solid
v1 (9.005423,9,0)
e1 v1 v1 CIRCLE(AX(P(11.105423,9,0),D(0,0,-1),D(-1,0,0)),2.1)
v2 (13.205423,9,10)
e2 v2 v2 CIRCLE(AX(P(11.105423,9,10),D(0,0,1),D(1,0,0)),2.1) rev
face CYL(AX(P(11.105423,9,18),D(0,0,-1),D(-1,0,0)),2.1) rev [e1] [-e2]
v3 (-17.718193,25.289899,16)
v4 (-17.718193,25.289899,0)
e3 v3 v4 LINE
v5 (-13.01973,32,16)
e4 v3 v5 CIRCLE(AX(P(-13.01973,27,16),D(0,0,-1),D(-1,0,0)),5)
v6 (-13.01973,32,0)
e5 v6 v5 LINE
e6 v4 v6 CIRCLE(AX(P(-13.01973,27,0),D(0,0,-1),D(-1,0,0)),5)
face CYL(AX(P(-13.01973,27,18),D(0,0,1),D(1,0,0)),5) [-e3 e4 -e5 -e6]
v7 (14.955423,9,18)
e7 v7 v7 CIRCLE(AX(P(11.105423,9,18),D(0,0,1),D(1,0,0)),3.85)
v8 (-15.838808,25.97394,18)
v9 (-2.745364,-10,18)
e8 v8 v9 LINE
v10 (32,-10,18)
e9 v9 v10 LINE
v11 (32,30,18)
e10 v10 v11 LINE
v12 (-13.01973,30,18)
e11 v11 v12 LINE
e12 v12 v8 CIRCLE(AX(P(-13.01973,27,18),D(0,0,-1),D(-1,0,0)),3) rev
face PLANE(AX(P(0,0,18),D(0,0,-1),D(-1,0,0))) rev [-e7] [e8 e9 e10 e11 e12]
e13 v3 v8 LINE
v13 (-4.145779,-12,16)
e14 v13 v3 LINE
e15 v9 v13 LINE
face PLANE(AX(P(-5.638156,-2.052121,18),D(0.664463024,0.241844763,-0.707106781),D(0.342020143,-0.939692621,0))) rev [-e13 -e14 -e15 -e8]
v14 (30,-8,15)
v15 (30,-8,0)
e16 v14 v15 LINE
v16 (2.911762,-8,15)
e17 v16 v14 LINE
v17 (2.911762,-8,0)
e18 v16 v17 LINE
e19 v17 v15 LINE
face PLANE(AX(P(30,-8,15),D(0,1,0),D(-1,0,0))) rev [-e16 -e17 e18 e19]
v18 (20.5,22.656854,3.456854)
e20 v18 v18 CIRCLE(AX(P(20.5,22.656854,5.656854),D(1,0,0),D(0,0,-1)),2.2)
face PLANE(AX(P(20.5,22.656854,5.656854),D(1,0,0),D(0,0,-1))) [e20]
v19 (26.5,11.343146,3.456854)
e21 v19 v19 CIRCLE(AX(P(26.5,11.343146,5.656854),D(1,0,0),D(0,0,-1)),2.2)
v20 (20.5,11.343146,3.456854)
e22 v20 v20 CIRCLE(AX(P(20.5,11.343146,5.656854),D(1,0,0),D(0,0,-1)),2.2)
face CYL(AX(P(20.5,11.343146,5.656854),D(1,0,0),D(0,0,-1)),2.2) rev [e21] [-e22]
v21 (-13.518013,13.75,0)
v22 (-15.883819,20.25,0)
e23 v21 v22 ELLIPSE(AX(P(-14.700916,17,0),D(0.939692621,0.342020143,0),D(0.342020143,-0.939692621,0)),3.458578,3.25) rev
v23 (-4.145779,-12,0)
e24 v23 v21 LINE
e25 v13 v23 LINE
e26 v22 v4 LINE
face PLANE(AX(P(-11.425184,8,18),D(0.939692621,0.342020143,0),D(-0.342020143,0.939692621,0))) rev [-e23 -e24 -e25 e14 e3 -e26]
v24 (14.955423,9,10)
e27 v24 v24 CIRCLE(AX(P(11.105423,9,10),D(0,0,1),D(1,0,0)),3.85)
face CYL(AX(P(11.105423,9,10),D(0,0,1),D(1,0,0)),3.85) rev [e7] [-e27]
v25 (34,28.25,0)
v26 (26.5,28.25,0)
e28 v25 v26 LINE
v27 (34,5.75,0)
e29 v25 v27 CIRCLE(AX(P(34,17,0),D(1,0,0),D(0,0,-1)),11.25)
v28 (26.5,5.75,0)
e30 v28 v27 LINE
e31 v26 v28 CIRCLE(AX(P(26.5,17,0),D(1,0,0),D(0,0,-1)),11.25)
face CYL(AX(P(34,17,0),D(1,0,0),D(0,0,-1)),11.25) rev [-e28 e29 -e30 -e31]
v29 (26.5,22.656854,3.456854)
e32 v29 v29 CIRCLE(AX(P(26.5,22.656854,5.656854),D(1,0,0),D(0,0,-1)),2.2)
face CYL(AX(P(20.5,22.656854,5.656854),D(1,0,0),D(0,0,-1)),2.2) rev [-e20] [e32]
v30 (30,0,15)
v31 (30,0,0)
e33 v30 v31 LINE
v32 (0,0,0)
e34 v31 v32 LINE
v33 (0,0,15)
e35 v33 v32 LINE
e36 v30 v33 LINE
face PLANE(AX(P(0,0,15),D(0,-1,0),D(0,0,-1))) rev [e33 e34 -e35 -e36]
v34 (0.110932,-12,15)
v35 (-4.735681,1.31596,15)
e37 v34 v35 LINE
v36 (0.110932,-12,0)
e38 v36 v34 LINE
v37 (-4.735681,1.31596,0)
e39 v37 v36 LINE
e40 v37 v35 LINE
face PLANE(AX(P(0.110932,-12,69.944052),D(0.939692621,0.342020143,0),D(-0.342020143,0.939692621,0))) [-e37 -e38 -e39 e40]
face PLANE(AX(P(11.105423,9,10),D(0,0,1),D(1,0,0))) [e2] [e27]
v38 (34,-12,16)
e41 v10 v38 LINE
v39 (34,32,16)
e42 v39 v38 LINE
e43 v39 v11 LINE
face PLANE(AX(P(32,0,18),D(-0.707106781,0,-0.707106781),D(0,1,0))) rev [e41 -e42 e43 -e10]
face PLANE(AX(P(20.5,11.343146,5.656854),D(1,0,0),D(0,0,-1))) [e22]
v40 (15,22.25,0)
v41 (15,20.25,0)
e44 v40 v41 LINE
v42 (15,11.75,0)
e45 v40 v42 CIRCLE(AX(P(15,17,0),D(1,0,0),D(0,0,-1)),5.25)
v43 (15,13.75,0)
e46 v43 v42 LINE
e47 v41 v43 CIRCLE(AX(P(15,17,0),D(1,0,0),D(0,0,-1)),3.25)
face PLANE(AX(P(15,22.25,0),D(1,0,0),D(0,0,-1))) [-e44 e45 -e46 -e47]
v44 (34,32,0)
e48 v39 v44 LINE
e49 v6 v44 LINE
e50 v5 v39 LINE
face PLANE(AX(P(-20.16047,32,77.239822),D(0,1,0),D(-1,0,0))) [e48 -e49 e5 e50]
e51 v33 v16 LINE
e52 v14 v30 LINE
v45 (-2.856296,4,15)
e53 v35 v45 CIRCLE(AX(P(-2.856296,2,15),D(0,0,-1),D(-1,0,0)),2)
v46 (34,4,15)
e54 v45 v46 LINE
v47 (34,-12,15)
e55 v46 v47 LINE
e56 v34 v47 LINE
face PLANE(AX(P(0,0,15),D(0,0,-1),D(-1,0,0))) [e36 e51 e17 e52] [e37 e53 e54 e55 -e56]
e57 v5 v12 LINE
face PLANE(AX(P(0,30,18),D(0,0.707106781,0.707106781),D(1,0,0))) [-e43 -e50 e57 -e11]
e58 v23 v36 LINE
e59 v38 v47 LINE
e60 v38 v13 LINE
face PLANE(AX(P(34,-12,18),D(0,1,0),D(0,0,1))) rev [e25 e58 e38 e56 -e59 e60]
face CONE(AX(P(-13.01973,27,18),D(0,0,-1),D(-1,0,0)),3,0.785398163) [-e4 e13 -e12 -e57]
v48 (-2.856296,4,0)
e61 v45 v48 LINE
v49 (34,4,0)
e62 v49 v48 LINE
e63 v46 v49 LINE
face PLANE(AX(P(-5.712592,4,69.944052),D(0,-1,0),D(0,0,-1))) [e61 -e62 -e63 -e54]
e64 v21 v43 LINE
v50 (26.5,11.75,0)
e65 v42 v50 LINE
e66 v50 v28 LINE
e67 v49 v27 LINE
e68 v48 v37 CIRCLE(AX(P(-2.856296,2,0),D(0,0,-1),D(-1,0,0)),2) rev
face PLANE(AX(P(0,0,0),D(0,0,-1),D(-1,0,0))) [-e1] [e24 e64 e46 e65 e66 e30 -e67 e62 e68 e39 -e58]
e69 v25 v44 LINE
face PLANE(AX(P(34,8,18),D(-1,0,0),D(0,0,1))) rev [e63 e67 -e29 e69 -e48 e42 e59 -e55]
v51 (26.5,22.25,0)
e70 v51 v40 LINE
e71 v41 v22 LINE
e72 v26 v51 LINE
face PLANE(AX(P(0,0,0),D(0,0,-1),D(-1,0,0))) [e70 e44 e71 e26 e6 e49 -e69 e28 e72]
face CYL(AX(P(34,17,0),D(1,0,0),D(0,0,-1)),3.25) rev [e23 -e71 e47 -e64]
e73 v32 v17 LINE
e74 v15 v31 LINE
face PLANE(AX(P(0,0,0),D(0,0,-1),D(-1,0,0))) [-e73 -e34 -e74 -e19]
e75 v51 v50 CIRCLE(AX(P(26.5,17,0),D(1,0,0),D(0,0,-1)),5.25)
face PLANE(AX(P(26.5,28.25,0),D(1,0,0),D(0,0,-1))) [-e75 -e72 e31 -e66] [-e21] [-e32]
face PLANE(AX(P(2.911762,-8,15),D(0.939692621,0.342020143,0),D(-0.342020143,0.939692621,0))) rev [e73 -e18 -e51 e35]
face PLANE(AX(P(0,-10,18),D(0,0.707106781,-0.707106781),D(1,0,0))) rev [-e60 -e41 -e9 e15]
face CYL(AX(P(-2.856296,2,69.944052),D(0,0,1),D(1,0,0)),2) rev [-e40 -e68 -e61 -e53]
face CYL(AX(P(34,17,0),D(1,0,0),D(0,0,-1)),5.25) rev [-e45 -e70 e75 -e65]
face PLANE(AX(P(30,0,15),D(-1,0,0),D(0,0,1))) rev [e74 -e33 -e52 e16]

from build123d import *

# Parameters (mm, degrees)
BOSS_EXTRUDE1_DEPTH     = 15
BOSS_EXTRUDE2_DEPTH     = 3
BOSS_EXTRUDE3_DEPTH     = 15
CUT_EXTRUDE1_DEPTH      = 45.988887517
FILLET2_R               = 2
BOSS_EXTRUDE4_DEPTH     = 18
SKETCH8_R               = 2.2
CUT_EXTRUDE3_DEPTH      = 6
FILLET3_R               = 5
FILLET4_SIZE            = 2
CUT_EXTRUDE4_DEPTH      = 51.039984013
CUT_EXTRUDE4_DEPTH_BACK = 51.039984013
SKETCH9_R               = 2.1
SKETCH10_R              = 3.85
CUT_EXTRUDE5_DEPTH      = 8


with BuildPart() as part:
    # Sketch1 → Boss-Extrude1 (new body)
    with BuildSketch(Plane.XY):
        Polygon((0, 0), (30, 0), (30, -8), (2.911761874, -8), align=None)
    extrude(amount=BOSS_EXTRUDE1_DEPTH)

    # Sketch2 → Boss-Extrude2 (add)
    with BuildSketch(Plane.XY.offset(15)):
        Polygon((-11.425184054, 8), (-2.689898432, -16), (38, -16), (38, 8), align=None)
    extrude(amount=BOSS_EXTRUDE2_DEPTH)

    # Sketch3 → Boss-Extrude3 (add)
    with BuildSketch(Plane(origin=(0, 0, 0), x_dir=(-1, 0, 0), z_dir=(0, 0, -1))):
        Polygon((5.712592027, 4), (-34, 4), (-34, -12), (-34, -16), (-38, -16), (-38, 8), (11.425184054, 8), (2.689898432, -16), (-1.566812658, -16), (-0.110931721, -12), align=None)
    extrude(amount=-BOSS_EXTRUDE3_DEPTH)

    # Sketch4 → Cut-Extrude1 (cut, through all)
    with BuildSketch(Plane(origin=(0, 0, 0), x_dir=(-1, 0, 0), z_dir=(0, 0, -1))):
        Polygon((-38, 8), (-34, 8), (-34, -12), (4.145779369, -12), (4.145779369, -16), (-30, -16), (-38, -16), align=None)
    extrude(amount=-CUT_EXTRUDE1_DEPTH, mode=Mode.SUBTRACT)

    # Fillet2
    fillet2_edges = [part.edges().sort_by_distance(p)[0] for p in [
        (-5.712592027, 4, 7.5),
    ]]
    fillet(fillet2_edges, radius=FILLET2_R)

    # Sketch5 → Boss-Extrude4 (add)
    with BuildSketch(Plane(origin=(0, 0, 0), x_dir=(-1, 0, 0), z_dir=(0, 0, -1))):
        Polygon((11.425184054, 8), (20.160469676, 32), (-34, 32), (-34, 8), align=None)
    extrude(amount=-BOSS_EXTRUDE4_DEPTH)

    # Sketch7 → Cut-Revolve1 (revolve, cut)
    with BuildSketch(Plane(origin=(0, 0, 0), x_dir=(-1, 0, 0), z_dir=(0, 0, -1))):
        Polygon((-34, 17), (14.700916162, 17), (15.883819424, 20.25), (-15, 20.25), (-15, 22.25), (-26.5, 22.25), (-26.5, 28.25), (-34, 28.25), align=None)
    revolve(axis=Axis((34, 17, 0), (-1, 0, 0)), mode=Mode.SUBTRACT)

    # Sketch8 → Cut-Extrude3 (cut)
    with BuildSketch(Plane(origin=(26.5, 0, 0), x_dir=(0, 0, -1), z_dir=(1, 0, 0))):
        with Locations((-5.656854249, 22.656854249)):
            Circle(SKETCH8_R)
        with Locations((5.656854249, 22.656854249)):
            Circle(SKETCH8_R)
        with Locations((5.656854249, 11.343145751)):
            Circle(SKETCH8_R)
        with Locations((-5.656854249, 11.343145751)):
            Circle(SKETCH8_R)
    extrude(amount=-CUT_EXTRUDE3_DEPTH, mode=Mode.SUBTRACT)

    # Fillet3
    fillet3_edges = [part.edges().sort_by_distance(p)[0] for p in [
        (-20.160469676, 32, 9),
    ]]
    fillet(fillet3_edges, radius=FILLET3_R)

    # Fillet4
    fillet4_edges = [part.edges().sort_by_distance(p)[0] for p in [
        (10.490135179, 32, 18),
        (-10.931986058, 6.644949642, 18),
        (-17.115489864, 29.867882182, 18),
        (34, 10, 18),
        (14.927110316, -12, 18),
    ]]
    chamfer(fillet4_edges, length=FILLET4_SIZE)

    # Sketch9 → Cut-Extrude4 (cut, two sides: drawn at the far end of the back side and taken through both)
    with BuildSketch(Plane(origin=(0, 0, 0), x_dir=(-1, 0, 0), z_dir=(0, 0, -1)).offset(-CUT_EXTRUDE4_DEPTH_BACK)):
        with Locations((-11.105422856, 9)):
            Circle(SKETCH9_R)
    extrude(amount=CUT_EXTRUDE4_DEPTH + CUT_EXTRUDE4_DEPTH_BACK, mode=Mode.SUBTRACT)

    # Sketch10 → Cut-Extrude5 (cut)
    with BuildSketch(Plane.XY.offset(18)):
        with Locations((11.105422856, 9)):
            Circle(SKETCH10_R)
    extrude(amount=-CUT_EXTRUDE5_DEPTH, mode=Mode.SUBTRACT)


solid = part.part
